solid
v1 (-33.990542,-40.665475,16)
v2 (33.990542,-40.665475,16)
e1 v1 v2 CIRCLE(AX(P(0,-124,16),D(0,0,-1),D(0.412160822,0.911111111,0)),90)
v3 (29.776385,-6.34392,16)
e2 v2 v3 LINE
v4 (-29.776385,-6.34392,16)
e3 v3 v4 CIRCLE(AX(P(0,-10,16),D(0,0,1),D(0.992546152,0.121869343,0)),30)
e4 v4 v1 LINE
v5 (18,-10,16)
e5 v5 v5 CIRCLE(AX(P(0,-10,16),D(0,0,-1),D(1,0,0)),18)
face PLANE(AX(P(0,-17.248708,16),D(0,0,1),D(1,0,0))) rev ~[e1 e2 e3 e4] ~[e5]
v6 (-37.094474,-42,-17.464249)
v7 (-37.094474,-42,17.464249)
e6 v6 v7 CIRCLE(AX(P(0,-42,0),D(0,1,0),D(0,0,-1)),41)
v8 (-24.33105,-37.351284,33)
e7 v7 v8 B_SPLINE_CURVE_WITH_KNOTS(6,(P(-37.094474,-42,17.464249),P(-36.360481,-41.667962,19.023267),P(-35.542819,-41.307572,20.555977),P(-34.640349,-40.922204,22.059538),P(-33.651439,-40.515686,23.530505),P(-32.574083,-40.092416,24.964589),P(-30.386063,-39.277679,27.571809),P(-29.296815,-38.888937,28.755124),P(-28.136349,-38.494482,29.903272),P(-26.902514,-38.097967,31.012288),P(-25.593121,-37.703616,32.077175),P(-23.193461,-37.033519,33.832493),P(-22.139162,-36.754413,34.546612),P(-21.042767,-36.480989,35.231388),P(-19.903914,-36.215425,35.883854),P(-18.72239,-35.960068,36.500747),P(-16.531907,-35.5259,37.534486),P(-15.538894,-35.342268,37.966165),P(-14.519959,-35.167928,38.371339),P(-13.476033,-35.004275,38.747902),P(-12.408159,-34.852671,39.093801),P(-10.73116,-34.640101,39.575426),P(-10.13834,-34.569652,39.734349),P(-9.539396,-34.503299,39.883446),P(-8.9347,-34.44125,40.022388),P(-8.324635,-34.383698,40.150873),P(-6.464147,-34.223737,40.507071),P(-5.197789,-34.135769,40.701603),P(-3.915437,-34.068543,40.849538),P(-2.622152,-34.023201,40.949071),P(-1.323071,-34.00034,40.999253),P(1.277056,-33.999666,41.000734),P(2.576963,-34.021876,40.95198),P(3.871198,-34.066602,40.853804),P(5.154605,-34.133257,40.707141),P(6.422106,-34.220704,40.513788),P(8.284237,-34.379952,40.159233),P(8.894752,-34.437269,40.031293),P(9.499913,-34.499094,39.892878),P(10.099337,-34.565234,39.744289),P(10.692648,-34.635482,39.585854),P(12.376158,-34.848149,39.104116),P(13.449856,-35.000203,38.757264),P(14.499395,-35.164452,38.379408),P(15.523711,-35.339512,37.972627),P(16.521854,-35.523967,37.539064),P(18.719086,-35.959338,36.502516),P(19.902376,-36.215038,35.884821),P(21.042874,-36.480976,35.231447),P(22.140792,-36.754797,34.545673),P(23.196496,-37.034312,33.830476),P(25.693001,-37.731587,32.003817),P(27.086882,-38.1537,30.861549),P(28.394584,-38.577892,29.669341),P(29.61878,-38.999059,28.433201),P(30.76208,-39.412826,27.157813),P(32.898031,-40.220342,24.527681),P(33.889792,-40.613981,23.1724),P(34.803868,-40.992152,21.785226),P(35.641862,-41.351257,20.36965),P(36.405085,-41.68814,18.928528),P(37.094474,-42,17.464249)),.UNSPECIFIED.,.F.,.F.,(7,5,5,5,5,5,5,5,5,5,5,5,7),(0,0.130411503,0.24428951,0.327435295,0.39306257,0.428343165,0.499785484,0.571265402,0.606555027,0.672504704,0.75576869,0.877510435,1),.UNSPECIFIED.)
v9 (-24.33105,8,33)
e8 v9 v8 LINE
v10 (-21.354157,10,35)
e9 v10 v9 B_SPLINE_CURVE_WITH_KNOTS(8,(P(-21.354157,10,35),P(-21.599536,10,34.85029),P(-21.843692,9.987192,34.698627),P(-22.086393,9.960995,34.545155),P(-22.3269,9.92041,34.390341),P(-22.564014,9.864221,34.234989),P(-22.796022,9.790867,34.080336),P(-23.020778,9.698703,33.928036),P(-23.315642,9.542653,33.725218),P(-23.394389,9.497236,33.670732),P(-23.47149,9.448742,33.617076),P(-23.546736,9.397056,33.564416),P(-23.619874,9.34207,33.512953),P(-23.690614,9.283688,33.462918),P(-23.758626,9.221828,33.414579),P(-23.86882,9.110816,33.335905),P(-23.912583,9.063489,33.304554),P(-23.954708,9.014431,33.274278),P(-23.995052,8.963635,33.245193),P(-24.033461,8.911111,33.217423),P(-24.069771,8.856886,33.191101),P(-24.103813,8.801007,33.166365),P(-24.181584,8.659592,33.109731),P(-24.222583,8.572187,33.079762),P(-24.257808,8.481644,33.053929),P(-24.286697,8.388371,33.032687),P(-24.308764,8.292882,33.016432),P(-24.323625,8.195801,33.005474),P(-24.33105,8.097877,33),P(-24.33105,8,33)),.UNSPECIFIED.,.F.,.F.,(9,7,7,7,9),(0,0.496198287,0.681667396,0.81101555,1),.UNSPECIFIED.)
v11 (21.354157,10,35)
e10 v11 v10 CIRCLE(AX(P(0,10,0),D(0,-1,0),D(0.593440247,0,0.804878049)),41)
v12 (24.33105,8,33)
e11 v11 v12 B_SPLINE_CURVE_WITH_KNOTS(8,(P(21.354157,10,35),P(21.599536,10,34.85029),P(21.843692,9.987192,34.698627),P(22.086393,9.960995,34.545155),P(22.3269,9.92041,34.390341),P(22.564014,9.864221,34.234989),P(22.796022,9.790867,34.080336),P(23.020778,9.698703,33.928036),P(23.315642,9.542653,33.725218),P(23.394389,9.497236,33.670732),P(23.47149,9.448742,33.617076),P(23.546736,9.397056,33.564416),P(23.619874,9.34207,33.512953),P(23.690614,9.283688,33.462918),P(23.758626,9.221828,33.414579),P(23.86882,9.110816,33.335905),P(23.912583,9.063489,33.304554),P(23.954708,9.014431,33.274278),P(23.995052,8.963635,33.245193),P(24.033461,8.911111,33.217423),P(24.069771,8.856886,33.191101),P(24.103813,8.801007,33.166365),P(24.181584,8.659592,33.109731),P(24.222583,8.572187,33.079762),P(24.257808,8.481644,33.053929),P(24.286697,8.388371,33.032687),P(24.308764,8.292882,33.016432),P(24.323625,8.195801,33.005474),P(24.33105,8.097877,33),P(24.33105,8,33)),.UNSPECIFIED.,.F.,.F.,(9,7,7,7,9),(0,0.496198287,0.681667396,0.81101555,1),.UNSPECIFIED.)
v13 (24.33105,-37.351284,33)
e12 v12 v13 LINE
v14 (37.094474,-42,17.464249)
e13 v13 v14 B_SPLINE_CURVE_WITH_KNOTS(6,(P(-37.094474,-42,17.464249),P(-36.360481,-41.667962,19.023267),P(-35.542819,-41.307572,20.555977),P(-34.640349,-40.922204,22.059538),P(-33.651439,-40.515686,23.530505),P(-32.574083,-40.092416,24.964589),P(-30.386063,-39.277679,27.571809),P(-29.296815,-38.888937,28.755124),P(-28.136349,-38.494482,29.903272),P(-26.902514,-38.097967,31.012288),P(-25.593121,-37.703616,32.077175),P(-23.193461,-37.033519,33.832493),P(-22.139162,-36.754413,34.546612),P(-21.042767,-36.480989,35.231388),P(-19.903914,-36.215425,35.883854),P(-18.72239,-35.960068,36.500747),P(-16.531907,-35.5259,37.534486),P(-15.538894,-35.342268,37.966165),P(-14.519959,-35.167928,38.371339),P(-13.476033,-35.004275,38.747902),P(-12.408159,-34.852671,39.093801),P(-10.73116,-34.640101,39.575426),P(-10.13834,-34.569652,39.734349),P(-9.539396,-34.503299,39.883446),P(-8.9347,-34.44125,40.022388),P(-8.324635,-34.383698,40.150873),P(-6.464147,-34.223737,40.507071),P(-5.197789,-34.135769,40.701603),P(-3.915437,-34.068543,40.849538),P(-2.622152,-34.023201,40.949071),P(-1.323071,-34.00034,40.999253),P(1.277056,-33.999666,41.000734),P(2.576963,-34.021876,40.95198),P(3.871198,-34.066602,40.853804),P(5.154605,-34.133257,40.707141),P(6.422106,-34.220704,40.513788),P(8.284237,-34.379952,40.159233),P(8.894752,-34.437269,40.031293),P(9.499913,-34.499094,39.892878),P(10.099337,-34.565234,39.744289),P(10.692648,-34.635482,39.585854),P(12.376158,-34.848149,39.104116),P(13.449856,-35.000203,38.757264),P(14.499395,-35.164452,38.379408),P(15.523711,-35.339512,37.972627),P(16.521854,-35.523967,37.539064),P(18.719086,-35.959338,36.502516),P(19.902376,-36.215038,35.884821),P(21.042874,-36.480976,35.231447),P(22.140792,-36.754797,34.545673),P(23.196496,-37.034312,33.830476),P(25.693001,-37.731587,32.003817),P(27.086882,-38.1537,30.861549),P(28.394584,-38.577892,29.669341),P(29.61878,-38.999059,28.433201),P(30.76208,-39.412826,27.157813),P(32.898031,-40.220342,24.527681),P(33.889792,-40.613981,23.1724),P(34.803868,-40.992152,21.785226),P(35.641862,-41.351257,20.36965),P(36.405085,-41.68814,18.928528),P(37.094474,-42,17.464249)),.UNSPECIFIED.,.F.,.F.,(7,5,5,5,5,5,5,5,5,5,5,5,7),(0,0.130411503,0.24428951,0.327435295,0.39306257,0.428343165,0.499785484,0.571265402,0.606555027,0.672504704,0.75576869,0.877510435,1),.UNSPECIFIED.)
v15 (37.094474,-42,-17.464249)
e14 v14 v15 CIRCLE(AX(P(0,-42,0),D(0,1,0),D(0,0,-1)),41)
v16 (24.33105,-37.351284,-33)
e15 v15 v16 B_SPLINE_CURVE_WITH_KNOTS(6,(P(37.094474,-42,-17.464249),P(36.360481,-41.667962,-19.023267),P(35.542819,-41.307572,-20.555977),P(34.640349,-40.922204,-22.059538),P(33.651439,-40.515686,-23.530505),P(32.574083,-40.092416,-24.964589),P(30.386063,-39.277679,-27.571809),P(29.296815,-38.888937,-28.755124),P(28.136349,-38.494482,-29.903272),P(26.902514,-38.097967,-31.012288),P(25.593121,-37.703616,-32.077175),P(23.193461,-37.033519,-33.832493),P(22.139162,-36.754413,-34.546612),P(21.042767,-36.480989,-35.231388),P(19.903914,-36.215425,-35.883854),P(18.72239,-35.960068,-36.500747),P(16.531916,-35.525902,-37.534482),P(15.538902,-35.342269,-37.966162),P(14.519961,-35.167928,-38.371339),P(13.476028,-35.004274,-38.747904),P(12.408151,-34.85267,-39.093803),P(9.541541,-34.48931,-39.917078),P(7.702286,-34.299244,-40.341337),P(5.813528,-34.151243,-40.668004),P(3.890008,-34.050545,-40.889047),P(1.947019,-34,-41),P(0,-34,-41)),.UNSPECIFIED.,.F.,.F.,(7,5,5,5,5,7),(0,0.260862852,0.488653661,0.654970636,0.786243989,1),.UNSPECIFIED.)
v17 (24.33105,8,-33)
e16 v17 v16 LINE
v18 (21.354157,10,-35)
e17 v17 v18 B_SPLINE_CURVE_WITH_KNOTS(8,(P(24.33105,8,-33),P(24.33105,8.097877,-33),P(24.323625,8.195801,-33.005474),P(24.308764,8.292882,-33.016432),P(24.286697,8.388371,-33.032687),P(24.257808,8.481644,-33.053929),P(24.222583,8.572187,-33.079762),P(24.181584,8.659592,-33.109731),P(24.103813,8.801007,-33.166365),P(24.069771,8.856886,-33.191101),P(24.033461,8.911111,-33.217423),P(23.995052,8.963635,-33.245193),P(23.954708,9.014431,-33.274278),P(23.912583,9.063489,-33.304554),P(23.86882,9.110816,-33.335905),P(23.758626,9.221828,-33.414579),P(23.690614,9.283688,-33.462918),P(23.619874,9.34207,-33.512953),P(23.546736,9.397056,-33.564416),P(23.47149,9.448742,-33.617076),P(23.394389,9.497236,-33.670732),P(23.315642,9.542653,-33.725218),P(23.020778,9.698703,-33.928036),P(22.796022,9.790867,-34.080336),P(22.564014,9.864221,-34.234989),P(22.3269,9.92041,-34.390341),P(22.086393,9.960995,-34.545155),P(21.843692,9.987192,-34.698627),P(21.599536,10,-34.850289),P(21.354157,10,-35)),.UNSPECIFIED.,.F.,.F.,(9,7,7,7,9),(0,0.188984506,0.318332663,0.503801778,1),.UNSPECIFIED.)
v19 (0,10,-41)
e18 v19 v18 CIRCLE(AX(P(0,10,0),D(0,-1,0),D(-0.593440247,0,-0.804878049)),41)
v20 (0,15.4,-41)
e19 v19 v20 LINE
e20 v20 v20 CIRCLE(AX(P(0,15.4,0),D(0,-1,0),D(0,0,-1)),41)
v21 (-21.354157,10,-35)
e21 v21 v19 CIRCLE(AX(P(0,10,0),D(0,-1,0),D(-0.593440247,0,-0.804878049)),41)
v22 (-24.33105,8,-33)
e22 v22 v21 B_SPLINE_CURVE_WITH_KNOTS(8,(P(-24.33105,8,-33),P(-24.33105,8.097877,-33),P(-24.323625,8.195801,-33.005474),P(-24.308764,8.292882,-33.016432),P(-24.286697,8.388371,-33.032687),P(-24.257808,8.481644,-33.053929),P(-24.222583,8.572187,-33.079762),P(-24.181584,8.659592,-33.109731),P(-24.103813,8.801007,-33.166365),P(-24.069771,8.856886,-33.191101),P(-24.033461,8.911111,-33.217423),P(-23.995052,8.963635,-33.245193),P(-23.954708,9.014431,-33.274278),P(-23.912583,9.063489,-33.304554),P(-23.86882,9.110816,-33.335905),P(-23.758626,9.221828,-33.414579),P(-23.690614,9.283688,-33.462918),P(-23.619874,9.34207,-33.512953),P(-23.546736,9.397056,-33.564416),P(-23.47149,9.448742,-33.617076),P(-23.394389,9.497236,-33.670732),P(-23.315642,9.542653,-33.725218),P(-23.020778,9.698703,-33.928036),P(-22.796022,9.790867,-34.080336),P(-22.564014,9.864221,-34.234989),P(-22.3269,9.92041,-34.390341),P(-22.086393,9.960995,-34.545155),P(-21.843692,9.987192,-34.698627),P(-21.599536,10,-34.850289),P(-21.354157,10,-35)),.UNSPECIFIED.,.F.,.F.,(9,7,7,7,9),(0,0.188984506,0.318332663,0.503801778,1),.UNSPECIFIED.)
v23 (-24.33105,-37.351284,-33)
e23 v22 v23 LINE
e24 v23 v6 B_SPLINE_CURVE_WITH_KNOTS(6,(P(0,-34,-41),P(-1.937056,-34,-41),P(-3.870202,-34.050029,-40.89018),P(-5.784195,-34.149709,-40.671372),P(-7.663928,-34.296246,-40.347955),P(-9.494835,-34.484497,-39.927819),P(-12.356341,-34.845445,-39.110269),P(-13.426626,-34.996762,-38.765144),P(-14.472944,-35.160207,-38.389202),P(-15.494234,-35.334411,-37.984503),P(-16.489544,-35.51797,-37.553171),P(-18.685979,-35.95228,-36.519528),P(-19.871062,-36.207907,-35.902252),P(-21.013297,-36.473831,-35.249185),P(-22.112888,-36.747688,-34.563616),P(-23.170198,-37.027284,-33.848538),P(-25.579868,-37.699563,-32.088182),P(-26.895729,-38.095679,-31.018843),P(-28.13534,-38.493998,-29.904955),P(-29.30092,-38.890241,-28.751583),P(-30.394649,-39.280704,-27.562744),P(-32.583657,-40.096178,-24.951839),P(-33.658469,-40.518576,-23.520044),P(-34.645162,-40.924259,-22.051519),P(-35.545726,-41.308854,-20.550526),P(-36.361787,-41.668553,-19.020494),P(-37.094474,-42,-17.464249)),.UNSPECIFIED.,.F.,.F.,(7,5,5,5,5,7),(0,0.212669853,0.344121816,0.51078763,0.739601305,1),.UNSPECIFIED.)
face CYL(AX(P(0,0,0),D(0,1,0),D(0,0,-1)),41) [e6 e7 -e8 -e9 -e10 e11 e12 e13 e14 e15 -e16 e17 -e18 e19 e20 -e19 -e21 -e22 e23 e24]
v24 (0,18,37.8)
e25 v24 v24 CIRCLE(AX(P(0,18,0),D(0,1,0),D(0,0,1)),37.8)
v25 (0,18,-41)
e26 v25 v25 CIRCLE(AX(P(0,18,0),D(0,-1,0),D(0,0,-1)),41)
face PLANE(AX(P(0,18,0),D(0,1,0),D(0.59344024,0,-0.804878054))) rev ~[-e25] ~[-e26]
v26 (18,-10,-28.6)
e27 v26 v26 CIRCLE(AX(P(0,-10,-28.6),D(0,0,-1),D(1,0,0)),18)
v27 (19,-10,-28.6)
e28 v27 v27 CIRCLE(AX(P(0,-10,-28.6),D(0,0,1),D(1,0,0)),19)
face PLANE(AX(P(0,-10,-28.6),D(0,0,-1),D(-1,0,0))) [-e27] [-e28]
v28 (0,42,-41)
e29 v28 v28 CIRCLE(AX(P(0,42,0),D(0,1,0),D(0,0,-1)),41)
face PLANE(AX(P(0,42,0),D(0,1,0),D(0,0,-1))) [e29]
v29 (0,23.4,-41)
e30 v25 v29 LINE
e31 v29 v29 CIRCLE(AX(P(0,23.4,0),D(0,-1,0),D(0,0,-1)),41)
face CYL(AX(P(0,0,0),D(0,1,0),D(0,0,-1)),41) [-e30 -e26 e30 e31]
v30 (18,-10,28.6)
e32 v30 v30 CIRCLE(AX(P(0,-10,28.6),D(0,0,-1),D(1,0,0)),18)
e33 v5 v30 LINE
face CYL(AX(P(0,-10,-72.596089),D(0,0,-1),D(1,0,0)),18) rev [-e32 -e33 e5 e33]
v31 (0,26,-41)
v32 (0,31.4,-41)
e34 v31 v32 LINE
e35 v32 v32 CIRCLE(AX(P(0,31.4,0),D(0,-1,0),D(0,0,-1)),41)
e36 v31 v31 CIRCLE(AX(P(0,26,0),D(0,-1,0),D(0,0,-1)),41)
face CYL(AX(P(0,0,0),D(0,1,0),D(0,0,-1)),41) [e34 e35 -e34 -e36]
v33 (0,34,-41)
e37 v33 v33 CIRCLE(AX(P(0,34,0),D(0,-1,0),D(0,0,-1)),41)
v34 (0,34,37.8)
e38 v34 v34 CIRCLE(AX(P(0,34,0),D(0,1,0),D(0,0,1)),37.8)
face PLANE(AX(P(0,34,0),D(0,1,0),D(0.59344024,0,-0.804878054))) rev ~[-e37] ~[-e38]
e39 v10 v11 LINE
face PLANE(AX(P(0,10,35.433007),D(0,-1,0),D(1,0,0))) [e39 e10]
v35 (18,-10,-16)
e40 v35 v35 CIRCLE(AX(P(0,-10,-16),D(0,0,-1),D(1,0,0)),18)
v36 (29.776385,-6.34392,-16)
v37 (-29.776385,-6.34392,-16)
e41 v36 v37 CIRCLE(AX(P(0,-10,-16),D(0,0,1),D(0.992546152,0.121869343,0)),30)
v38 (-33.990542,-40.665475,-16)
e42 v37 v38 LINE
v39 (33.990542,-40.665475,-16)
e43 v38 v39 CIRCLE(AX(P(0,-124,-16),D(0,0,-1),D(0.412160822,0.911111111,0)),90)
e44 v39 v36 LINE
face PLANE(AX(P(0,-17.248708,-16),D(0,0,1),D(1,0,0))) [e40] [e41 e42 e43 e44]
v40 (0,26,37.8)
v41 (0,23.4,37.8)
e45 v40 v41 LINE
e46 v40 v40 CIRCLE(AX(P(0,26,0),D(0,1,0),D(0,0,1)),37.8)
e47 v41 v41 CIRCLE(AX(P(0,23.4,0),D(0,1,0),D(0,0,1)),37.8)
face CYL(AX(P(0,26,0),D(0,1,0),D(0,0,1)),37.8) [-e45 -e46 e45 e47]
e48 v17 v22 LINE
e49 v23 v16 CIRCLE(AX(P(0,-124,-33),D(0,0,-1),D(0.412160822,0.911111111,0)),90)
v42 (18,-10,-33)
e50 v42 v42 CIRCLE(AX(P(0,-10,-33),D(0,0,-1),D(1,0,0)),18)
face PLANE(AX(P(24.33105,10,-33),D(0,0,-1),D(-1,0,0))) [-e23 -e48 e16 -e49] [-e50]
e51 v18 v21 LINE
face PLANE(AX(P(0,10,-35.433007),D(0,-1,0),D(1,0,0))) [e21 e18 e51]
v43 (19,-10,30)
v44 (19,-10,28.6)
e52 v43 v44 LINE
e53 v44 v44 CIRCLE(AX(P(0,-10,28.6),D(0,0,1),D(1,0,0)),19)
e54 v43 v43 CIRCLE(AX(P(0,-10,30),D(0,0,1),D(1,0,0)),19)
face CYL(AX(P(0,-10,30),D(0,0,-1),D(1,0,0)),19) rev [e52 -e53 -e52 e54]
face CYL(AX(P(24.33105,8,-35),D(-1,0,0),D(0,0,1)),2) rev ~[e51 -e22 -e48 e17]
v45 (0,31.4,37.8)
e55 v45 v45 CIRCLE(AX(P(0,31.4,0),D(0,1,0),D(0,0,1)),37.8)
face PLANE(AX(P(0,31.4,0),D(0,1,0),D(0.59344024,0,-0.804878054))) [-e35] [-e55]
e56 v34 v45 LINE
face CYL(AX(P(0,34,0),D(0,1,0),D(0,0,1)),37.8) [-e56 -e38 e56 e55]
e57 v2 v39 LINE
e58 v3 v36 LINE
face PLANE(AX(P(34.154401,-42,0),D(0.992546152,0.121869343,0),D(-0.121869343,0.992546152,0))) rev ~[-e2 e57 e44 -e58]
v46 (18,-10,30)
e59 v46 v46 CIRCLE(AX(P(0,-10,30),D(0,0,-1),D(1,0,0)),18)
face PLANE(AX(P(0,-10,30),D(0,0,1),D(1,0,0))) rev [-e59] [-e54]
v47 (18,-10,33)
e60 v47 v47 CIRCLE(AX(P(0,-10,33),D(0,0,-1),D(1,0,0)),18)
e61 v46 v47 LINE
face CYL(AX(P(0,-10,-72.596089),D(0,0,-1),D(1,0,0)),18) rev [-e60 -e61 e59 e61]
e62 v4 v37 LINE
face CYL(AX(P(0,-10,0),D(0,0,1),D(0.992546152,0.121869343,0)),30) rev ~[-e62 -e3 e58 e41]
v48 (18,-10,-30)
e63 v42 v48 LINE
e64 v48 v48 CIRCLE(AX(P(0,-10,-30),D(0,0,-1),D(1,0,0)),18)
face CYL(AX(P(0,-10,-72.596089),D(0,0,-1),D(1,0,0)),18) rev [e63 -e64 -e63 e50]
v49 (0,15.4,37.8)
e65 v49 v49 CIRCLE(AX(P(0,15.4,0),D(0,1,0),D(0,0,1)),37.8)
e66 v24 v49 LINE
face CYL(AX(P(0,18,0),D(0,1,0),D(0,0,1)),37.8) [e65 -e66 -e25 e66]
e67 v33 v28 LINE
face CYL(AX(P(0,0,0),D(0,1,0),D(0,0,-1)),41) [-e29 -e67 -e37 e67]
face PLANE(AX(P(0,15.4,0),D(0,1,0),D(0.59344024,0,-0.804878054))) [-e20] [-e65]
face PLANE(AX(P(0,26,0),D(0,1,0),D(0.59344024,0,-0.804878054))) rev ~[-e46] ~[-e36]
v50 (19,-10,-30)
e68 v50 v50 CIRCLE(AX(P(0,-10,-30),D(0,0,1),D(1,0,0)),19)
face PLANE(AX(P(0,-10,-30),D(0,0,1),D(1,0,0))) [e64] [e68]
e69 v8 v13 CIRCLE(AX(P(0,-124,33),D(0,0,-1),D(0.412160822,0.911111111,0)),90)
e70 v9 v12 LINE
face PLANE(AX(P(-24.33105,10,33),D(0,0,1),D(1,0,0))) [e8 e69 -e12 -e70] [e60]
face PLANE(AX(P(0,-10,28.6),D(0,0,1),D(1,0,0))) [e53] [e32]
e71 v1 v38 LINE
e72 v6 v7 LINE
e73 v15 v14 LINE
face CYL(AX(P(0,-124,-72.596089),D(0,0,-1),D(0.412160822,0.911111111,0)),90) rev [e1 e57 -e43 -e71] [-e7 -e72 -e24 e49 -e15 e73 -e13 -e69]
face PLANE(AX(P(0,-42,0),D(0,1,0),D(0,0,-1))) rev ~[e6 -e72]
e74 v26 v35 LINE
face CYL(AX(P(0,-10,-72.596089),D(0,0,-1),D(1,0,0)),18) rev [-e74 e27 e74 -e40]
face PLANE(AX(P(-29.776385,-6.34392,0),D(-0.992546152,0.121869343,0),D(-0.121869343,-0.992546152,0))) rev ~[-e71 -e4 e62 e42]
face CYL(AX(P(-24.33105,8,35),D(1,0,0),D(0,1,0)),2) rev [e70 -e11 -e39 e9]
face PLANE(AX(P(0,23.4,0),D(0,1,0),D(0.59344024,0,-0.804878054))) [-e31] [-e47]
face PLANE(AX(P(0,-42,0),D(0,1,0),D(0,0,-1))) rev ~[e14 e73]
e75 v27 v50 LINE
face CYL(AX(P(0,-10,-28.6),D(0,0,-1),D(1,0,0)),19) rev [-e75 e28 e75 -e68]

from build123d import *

# Parameters (mm, degrees)
SKETCH_13_R              = 41
EXTRUDE_3_DEPTH          = 42
CUT_EXTRUDE_1_DEPTH      = 72.596089278675
CUT_EXTRUDE_1_DEPTH_BACK = 72.596089278675
SKETCH_14_R              = 17.999999999999996
CUT_EXTRUDE_START        = -52
CUT_EXTRUDE_3_DEPTH      = 52
CUT_EXTRUDE_4_DEPTH      = 16
CUT_EXTRUDE_START_2      = -8
SKETCH_20_R              = 41
SKETCH_20_R_2            = 37.8
CUT_EXTRUDE_5_DEPTH      = 2.6
PATTERN_LINEAR_1_COUNT   = 3
PATTERN_LINEAR_1_PITCH   = 8
FILLET_1_R               = 2


with BuildPart() as part:
    # Эскиз13 → Бобышка-Вытянуть3 (new, symmetric)
    with BuildSketch(Plane(origin=(0, 0, 0), x_dir=(1, 0, 0), z_dir=(0, 1, 0))):
        with Locations(Location((0, 0, 0), (0, 0, 90))):
            Circle(SKETCH_13_R)
    extrude(amount=EXTRUDE_3_DEPTH, both=True)

    # Эскиз14 → Вырез-Вытянуть1 (cut, two sides: drawn at the far end of the back side and taken through both)
    with BuildSketch(Plane.XY.offset(-CUT_EXTRUDE_1_DEPTH_BACK)):
        with BuildLine():
            Line((-37.09447398198258, -41.99999999999993), (37.09447398198258, -41.99999999999993))
            ThreePointArc((37.09447398198258, -41.99999999999993), (5.51e-15, -34.00000000000003), (-37.09447398198258, -41.99999999999993))
        make_face()
        with Locations((0, -10.000000000000009)):
            Circle(SKETCH_14_R)
    extrude(amount=CUT_EXTRUDE_1_DEPTH + CUT_EXTRUDE_1_DEPTH_BACK, mode=Mode.SUBTRACT)

    # Эскиз16 → Вырез-Вытянуть3 (cut)
    with BuildSketch(Plane.XZ.offset(42).offset(CUT_EXTRUDE_START)):
        with BuildLine():
            ThreePointArc((24.331050121192877, 33), (2.51e-15, 41), (-24.33105012119288, 33))
            Line((-24.331050121192874, 33), (24.331050121192874, 33))
        make_face()
        with BuildLine():
            Line((24.331050121192874, -33), (-24.331050121192874, -33))
            ThreePointArc((-24.331050121192902, -32.99999999999998), (-7.53e-15, -41), (24.331050121192863, -33.000000000000014))
        make_face()
    extrude(amount=CUT_EXTRUDE_3_DEPTH, mode=Mode.SUBTRACT)

    # Эскиз18 → Вырез-Вытянуть4 (cut, symmetric)
    with BuildSketch(Plane.XY):
        with BuildLine():
            Line((-29.77638454923953, -6.3439196978451875), (-34.154400712657626, -42.00000000000001))
            Line((-34.154400712657626, -42.00000000000001), (34.15440071265802, -42.00000000000002))
            Line((34.15440071265802, -42.00000000000002), (29.7763845492392, -6.3439196978452435))
            ThreePointArc((29.7763845492392, -6.3439196978452435), (1.516e-14, 19.999999999999574), (-29.77638454923953, -6.3439196978451875))
        make_face()
    extrude(amount=CUT_EXTRUDE_4_DEPTH, both=True, mode=Mode.SUBTRACT)

    # Эскиз20 → Вырез-Вытянуть5 (cut)
    with BuildSketch(Plane(origin=(0, 42, 0), x_dir=(1, 0, 0), z_dir=(0, 1, 0)).offset(CUT_EXTRUDE_START_2)):
        with Locations(Location((0, 0, 0), (0, 0, 53.598479946))):
            Circle(SKETCH_20_R)
        with Locations(Location((0, 0, 0), (0, 0, 270))):
            Circle(SKETCH_20_R_2, mode=Mode.SUBTRACT)
    cut_extrude_5 = extrude(amount=-CUT_EXTRUDE_5_DEPTH, mode=Mode.SUBTRACT)

    # Линейный массив1: Вырез-Вытянуть5 ×3
    with Locations(*[(0, -i * PATTERN_LINEAR_1_PITCH, 0) for i in range(1, PATTERN_LINEAR_1_COUNT)]):
        add(cut_extrude_5, mode=Mode.SUBTRACT)

    # Скругление1
    fillet_1_edges = [part.edges().sort_by_distance(p)[0] for p in [
        (0, 10, 33),
        (0, 10, -33),
    ]]
    fillet(fillet_1_edges, radius=FILLET_1_R)

    # Эскиз24 → Вырез-Повернуть3 (revolve, cut)
    with BuildSketch(Plane(origin=(0, 0, 0), x_dir=(0, 0, -1), z_dir=(1, 0, 0)), mode=Mode.PRIVATE) as cut_revolve_3_sk:
        Polygon((-30.000000000000085, -29.00000000000005), (-28.600000000000087, -29.000000000000053), (-28.60000000000009, -10.000000000000053), (-30.000000000000085, -10.000000000000053), align=None)
        Polygon((28.600000000000215, -10.000000000000046), (28.600000000000218, -29.000000000000046), (30.000000000000213, -29.000000000000043), (30.00000000000021, -10.000000000000046), align=None)
    revolve(cut_revolve_3_sk.sketch.rotate(Axis((0, -10.000000000000009, -456.95829419610067), (0, 0, 1)), 90), axis=Axis((0, -10.000000000000009, -456.95829419610067), (0, 0, 1)), mode=Mode.SUBTRACT)


solid = part.part
